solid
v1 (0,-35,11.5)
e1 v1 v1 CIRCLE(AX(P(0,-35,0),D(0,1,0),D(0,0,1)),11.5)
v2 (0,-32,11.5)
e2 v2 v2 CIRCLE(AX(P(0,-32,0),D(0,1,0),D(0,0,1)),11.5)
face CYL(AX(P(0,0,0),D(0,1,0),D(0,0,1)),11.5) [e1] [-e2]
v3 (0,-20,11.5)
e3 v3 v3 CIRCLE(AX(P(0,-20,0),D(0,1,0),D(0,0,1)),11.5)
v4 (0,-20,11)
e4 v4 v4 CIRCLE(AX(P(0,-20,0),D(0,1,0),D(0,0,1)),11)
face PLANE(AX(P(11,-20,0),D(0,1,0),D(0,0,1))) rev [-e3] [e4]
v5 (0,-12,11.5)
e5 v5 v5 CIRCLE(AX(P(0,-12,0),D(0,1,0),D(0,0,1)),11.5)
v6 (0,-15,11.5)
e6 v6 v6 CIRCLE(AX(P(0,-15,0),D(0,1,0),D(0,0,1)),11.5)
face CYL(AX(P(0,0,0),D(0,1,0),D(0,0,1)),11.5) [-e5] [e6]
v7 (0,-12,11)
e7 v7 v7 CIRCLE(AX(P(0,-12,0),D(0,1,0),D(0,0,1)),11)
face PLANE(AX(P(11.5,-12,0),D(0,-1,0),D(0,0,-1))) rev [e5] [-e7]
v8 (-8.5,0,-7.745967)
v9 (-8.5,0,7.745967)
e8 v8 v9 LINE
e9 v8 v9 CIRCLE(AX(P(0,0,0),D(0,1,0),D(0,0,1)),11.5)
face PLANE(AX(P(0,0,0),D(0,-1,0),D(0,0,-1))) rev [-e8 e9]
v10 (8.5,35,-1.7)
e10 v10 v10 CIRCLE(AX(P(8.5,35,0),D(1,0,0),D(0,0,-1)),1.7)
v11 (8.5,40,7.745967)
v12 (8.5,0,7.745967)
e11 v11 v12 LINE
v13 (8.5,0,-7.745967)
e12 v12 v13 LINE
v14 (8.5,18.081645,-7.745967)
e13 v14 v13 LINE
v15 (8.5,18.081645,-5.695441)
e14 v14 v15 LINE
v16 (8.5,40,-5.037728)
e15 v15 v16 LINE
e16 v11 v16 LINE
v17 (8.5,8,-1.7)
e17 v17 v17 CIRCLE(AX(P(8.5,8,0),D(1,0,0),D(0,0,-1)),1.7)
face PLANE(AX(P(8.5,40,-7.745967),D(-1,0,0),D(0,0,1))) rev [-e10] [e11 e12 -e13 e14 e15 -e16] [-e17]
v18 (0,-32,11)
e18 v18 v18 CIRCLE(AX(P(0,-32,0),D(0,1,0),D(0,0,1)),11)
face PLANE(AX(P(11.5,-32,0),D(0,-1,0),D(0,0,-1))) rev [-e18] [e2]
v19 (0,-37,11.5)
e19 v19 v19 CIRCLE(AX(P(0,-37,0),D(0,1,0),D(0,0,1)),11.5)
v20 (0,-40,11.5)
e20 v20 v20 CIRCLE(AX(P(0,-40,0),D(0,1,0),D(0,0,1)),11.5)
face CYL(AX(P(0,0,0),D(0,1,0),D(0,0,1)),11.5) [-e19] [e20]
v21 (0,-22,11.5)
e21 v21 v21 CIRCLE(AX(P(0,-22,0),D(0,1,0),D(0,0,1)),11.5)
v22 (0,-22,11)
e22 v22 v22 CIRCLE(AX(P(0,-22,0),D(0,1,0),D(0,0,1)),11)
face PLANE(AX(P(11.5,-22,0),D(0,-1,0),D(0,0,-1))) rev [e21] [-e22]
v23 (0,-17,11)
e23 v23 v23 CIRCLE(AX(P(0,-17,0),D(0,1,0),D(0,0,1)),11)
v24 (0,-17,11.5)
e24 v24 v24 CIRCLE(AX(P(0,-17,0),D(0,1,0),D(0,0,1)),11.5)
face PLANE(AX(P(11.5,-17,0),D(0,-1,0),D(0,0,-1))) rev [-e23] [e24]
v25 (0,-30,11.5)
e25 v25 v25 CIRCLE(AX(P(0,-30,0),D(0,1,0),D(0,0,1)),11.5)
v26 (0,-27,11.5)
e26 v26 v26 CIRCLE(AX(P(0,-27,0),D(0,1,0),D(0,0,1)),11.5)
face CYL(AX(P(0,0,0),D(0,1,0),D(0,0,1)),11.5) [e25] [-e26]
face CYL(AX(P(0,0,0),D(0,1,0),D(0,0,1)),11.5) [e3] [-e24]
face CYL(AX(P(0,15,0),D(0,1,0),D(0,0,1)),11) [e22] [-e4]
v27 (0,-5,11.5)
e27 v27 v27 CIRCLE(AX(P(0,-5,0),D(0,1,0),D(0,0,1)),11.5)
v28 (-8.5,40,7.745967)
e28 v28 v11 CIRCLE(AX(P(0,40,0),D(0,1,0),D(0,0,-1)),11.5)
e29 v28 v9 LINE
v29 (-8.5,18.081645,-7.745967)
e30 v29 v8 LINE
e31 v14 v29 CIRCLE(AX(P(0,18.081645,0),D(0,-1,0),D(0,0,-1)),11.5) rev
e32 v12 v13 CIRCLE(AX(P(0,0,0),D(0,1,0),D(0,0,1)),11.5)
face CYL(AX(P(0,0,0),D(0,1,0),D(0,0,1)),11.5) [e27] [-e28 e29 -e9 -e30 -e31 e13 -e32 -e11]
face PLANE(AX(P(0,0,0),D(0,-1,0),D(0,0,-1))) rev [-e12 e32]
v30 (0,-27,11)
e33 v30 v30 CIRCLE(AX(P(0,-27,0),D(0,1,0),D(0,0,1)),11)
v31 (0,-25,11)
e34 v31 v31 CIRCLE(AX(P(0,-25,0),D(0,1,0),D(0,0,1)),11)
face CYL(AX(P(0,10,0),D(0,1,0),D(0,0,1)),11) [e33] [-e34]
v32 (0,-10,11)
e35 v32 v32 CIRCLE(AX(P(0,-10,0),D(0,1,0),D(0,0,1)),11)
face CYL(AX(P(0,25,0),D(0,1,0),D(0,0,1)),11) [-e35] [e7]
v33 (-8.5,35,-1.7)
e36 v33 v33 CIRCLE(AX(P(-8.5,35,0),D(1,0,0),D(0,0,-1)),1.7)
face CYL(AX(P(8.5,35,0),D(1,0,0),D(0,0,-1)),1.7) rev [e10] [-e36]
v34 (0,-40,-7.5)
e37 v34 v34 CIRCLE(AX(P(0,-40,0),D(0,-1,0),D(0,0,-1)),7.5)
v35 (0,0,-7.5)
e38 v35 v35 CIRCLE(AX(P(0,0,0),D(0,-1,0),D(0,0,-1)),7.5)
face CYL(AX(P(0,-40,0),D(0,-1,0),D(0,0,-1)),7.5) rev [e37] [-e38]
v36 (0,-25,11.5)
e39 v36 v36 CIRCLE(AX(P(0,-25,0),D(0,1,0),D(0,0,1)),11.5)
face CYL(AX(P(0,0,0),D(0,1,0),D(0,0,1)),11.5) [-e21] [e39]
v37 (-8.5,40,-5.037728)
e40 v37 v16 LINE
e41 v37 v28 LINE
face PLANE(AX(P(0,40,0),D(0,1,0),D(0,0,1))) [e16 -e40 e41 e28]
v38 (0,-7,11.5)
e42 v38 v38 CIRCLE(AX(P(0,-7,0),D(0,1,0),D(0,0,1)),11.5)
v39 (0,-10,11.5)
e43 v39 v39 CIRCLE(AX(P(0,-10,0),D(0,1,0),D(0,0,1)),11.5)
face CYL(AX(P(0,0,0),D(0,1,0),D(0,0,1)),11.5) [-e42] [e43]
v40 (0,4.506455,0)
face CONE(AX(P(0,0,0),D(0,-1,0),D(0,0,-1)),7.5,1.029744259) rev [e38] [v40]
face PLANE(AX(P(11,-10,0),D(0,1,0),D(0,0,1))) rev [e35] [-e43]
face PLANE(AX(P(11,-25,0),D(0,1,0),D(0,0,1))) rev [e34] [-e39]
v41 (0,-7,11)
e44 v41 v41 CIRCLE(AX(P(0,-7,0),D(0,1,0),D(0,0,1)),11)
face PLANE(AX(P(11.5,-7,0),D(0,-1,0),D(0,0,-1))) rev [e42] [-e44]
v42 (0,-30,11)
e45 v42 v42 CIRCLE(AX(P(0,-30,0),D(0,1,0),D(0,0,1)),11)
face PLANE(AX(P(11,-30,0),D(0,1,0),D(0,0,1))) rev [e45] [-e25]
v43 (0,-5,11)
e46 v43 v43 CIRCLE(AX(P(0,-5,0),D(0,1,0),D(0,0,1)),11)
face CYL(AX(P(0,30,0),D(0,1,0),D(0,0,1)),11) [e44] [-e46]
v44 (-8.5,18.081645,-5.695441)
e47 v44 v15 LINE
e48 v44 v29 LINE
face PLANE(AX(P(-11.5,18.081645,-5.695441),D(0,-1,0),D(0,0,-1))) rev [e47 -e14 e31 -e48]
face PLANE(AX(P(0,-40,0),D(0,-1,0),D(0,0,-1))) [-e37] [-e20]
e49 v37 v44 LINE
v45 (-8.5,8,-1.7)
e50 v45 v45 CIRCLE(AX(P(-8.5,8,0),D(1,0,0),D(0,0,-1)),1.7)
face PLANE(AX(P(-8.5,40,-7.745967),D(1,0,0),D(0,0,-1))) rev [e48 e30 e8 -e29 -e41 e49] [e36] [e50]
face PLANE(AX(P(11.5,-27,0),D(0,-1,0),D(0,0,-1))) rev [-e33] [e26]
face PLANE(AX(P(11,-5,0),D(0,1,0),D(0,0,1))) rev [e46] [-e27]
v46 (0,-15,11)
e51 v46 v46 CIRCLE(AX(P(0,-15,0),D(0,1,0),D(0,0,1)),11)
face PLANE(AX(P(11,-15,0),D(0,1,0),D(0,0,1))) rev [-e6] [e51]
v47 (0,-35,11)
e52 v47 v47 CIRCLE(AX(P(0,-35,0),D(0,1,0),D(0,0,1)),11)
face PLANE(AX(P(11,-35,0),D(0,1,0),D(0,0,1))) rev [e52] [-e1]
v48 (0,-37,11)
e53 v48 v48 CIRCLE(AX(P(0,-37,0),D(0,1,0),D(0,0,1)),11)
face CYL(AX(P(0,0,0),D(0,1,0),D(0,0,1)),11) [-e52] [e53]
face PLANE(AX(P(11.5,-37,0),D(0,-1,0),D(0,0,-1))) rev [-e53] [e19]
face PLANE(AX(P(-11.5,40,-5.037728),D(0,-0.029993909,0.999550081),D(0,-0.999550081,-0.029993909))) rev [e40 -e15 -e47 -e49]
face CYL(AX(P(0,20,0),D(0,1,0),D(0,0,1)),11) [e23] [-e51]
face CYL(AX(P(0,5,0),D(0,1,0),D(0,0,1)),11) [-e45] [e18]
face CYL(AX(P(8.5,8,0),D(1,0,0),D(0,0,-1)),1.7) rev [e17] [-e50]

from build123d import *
from build123d.topology import SkipClean

# Parameters (mm, degrees)
SKETCH2_W                      = 11.5
SKETCH2_H                      = 40
SKETCH3_W                      = 0.5
SKETCH3_H                      = 2
LPATTERN1_COUNT                = 7
LPATTERN1_PITCH                = 5
BOSS_EXTRUDE1_DEPTH            = 40
F_15_0_15_DIAMETER_HOLE1_D     = 15
F_15_0_15_DIAMETER_HOLE1_DEPTH = 40
F_15_0_15_DIAMETER_HOLE1_TIP   = 4.506454643
M3_CLEARANCE_HOLE1_D           = 3.4
CUT_EXTRUDE1_DEPTH             = 44.179856415
CUT_EXTRUDE1_DEPTH_BACK        = 44.179856415
SKETCH16_R                     = 1.7


with BuildPart() as part:
    # Sketch2 → Revolve1 (revolve)
    with BuildSketch(Plane.XY, mode=Mode.PRIVATE) as revolve1_sk:
        with Locations((-5.75, -20)):
            Rectangle(SKETCH2_W, SKETCH2_H)
    revolve(revolve1_sk.sketch.rotate(Axis((0, 0, 0), (0, -1, 0)), 270), axis=Axis((0, 0, 0), (0, -1, 0)))

    # Sketch3 → Cut-Revolve1 (revolve, cut)
    with BuildSketch(Plane.XY, mode=Mode.PRIVATE) as cut_revolve1_sk:
        with Locations((11.25, -36)):
            Rectangle(SKETCH3_W, SKETCH3_H)
    cut_revolve1 = revolve(cut_revolve1_sk.sketch.rotate(Axis((0, 0, 0), (0, -1, 0)), 90), axis=Axis((0, 0, 0), (0, -1, 0)), mode=Mode.SUBTRACT)

    # LPattern1: Cut-Revolve1 ×7
    with Locations(*[(0, i * LPATTERN1_PITCH, 0) for i in range(1, LPATTERN1_COUNT)]):
        add(cut_revolve1, mode=Mode.SUBTRACT)

    # Sketch6 → Boss-Extrude1 (add)
    with SkipClean():  # the faces are left unmerged after this step: merging them gives an invalid solid
        with BuildSketch(Plane(origin=(0, 0, 0), x_dir=(1, 0, 0), z_dir=(0, 1, 0))):
            with BuildLine():
                Line((-8.5, 7.745966692), (-8.5, -7.745966692))
                ThreePointArc((-8.5, -7.745966692), (0, -11.5), (8.5, -7.745966692))
                Line((8.5, -7.745966692), (8.5, 7.745966692))
                ThreePointArc((8.5, 7.745966692), (0, 11.5), (-8.5, 7.745966692))
            make_face()
        extrude(amount=BOSS_EXTRUDE1_DEPTH)

    # Ø15.0 (15) Diameter Hole1
    with Locations(Plane.XZ.offset(40)):
        with Locations((0, 0)):
            Hole(F_15_0_15_DIAMETER_HOLE1_D / 2, depth=F_15_0_15_DIAMETER_HOLE1_DEPTH)
            with Locations((0, 0, -(F_15_0_15_DIAMETER_HOLE1_DEPTH + F_15_0_15_DIAMETER_HOLE1_TIP / 2))):  # 118° drill point
                Cone(0, F_15_0_15_DIAMETER_HOLE1_D / 2, F_15_0_15_DIAMETER_HOLE1_TIP, mode=Mode.SUBTRACT)

    # M3 Clearance Hole1 (through all)
    with Locations(Plane(origin=(8.5, 0, 0), x_dir=(0, 0, -1), z_dir=(1, 0, 0))):
        with Locations((0, 8), (0, 35)):
            Hole(M3_CLEARANCE_HOLE1_D / 2)

    # Sketch16 → Cut-Extrude1 (cut, two sides: drawn at the far end of the back side and taken through both)
    with SkipClean():  # the faces are left unmerged after this step: merging them gives an invalid solid
        with BuildSketch(Plane(origin=(0, 0, 0), x_dir=(0, 0, -1), z_dir=(1, 0, 0)).offset(-CUT_EXTRUDE1_DEPTH_BACK)):
            with Locations((0, 8)):
                Circle(SKETCH16_R)
            with Locations((0, 35)):
                Circle(SKETCH16_R)
            Polygon((5.037728025, 40), (5.6954411, 18.081644681), (11.5, 18.081644681), (11.5, 40), (7.745966692, 40), align=None)
        extrude(amount=CUT_EXTRUDE1_DEPTH + CUT_EXTRUDE1_DEPTH_BACK, mode=Mode.SUBTRACT)


solid = part.part
